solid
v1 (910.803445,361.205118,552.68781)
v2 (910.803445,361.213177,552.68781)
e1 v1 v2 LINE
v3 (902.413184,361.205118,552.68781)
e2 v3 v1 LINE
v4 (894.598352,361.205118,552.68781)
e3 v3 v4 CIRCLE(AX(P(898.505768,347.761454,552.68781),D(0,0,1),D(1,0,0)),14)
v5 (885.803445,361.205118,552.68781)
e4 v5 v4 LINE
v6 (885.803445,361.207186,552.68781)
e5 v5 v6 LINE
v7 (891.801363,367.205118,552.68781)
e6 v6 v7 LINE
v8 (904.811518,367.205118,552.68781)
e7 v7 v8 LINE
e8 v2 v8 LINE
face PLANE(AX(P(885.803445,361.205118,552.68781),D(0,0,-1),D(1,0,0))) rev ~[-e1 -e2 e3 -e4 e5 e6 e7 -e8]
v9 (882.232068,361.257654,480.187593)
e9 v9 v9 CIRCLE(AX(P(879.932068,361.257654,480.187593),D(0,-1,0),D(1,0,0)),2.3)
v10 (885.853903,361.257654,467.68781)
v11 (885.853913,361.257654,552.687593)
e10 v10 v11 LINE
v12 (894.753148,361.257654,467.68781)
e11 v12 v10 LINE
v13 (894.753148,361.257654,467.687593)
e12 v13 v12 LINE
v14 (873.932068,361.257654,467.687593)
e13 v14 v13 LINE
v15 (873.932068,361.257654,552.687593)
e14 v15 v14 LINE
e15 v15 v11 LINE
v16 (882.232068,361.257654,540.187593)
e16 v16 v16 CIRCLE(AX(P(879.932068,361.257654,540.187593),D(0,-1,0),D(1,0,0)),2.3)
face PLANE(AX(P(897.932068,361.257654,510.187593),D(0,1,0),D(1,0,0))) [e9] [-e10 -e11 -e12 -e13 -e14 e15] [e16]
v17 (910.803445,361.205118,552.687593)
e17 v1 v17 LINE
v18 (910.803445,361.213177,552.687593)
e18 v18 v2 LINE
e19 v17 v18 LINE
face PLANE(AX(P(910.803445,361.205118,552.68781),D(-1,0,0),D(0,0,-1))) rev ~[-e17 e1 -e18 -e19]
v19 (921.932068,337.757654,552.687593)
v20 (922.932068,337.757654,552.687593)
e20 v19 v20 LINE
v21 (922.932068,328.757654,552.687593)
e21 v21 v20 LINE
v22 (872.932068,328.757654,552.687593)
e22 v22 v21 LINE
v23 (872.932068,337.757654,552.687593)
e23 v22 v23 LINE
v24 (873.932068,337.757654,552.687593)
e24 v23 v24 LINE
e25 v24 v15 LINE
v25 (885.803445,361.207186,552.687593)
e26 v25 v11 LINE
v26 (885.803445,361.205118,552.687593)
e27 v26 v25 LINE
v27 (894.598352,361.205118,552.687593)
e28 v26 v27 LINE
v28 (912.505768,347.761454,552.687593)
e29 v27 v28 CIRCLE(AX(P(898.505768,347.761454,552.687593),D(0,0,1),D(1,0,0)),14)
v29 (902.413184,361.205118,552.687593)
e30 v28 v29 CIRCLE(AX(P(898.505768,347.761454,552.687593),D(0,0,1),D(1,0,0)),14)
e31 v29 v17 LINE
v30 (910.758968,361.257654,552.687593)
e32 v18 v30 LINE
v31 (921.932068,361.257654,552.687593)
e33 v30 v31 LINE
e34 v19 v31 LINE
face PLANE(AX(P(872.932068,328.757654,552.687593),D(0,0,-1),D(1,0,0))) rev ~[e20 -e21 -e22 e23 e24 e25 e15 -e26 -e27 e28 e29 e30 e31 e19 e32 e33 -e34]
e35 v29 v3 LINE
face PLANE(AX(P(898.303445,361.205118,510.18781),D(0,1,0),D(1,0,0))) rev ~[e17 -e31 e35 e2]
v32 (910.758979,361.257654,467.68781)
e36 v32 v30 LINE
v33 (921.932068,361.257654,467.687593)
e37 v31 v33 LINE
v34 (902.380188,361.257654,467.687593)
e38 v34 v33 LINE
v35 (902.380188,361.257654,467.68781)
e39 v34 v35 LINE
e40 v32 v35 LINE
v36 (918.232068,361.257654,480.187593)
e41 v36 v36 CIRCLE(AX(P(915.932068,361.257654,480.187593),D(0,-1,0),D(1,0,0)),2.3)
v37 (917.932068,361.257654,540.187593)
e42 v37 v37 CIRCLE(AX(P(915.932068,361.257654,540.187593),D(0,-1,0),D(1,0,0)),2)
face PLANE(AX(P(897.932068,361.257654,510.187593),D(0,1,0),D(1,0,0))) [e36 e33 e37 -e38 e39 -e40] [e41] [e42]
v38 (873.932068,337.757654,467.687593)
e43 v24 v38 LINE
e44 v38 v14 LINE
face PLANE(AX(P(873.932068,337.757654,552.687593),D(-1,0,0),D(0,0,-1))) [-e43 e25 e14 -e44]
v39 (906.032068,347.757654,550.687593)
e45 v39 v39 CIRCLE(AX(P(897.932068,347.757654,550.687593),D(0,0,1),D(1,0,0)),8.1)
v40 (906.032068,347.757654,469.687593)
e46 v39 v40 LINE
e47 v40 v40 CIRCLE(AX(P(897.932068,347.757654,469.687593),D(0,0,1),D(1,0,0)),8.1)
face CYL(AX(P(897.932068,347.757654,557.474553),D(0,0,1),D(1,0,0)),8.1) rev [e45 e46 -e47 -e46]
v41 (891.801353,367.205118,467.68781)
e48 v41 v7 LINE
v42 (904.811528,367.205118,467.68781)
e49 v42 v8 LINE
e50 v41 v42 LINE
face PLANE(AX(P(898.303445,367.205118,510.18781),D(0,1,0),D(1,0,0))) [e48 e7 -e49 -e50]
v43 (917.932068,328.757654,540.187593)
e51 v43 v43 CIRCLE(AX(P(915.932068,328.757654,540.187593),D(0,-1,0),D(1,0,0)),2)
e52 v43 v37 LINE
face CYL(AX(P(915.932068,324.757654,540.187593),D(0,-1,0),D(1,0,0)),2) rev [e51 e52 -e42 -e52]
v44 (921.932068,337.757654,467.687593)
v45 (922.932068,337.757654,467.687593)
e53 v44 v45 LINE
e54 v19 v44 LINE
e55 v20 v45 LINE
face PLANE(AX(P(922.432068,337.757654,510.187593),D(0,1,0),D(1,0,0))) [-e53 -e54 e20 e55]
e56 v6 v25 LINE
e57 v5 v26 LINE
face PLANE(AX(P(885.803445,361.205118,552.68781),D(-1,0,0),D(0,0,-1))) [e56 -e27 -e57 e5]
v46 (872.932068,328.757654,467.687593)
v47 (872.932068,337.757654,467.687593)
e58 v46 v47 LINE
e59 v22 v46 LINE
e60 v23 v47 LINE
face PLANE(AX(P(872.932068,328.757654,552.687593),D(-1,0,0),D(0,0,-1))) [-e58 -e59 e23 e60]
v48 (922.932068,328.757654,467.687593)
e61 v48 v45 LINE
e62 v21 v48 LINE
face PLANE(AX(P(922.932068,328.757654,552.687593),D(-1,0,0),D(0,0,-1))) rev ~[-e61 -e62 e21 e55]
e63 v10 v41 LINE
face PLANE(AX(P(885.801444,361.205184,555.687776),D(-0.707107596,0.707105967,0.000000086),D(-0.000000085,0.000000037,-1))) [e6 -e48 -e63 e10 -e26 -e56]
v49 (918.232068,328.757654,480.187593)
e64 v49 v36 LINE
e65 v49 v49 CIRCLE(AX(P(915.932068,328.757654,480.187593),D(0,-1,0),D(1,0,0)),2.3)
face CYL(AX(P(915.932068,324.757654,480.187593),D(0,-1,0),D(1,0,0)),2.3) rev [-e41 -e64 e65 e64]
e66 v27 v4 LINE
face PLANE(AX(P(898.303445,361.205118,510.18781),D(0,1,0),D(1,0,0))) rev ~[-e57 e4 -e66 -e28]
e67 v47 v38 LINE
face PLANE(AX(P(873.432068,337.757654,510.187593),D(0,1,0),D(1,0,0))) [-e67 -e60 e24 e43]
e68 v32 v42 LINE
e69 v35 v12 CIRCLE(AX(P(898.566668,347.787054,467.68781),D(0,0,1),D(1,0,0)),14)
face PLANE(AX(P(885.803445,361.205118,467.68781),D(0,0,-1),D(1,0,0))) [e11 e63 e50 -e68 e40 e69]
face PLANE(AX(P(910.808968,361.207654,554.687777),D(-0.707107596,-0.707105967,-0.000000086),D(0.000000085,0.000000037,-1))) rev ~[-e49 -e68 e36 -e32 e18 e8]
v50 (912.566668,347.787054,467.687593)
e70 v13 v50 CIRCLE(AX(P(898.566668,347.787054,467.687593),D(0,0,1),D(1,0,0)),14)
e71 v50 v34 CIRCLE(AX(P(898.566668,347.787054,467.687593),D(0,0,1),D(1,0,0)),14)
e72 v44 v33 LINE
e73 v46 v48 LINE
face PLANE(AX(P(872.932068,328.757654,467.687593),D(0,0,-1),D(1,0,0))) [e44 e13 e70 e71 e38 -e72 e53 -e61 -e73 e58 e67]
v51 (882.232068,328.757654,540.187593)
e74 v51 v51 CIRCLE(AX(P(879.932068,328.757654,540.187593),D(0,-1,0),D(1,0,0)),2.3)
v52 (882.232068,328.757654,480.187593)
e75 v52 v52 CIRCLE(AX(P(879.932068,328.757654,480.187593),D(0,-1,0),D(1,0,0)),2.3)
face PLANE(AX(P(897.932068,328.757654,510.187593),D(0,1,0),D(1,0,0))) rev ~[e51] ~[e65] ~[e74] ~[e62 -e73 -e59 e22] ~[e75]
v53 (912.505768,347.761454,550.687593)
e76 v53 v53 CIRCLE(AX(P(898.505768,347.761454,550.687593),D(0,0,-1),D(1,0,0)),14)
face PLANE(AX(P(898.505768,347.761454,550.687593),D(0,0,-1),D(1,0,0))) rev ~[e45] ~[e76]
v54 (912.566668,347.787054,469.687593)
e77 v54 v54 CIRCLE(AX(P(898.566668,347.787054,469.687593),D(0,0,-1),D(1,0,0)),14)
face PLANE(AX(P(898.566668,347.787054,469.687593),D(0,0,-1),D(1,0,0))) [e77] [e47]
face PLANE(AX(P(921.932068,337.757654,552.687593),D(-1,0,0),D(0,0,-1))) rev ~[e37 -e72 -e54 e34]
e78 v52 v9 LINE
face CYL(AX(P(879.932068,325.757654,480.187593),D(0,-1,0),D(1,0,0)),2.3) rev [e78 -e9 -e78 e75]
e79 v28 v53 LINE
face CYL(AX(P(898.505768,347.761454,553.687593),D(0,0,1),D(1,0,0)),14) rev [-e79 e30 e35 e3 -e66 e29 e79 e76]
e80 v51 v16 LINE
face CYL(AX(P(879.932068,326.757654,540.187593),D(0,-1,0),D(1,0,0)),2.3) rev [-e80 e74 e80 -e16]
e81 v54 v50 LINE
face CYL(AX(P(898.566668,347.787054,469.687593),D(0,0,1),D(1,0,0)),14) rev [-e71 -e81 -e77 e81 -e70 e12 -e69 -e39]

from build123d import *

# Parameters (mm, degrees)
CYLINDER006001_R          = 14
CYLINDER006001_DEPTH      = 3
CYLINDER006001_ROLL_ANGLE = -90
CYLINDER005001_R          = 14
CYLINDER005001_DEPTH      = 3
CYLINDER005001_ROLL_ANGLE = -90
CYLINDER004001_R          = 2.3
CYLINDER004001_DEPTH      = 40
CYLINDER003001_R          = 2
CYLINDER003001_DEPTH      = 40
CYLINDER002001_R          = 2.3
CYLINDER002001_DEPTH      = 40
CYLINDER001001_R          = 2.3
CYLINDER001001_DEPTH      = 40
BOX005001_W               = 1
BOX005001_H               = 85
BOX005001_DEPTH           = 23.5
BOX004001_W               = 1
BOX004001_H               = 85
BOX004001_DEPTH           = 23.5
BOX003001_W               = 10
BOX003001_H               = 90
BOX003001_DEPTH           = 10
BOX003001_ROLL_ANGLE      = 3e-06
BOX003001_PITCH_ANGLE     = -44.999934
BOX003001_PLACEMENT_ANGLE = -7e-06
BOX002001_W               = 10
BOX002001_H               = 90
BOX002001_DEPTH           = 10
BOX002001_ROLL_ANGLE      = 3e-06
BOX002001_PITCH_ANGLE     = 44.999934
BOX002001_PLACEMENT_ANGLE = 7e-06
BOX001001_W               = 25
BOX001001_H               = 85
BOX001001_DEPTH           = 6
CYLINDER015_R             = 8.1
CYLINDER015_DEPTH         = 100
CYLINDER015_ROLL_ANGLE    = -90
BOX012_W                  = 50
BOX012_H                  = 85
BOX012_DEPTH              = 32.5
CUT011001_ROLL_ANGLE      = -90


with BuildPart() as cylinder006001:
    # Cylinder006001 → Cylinder006001 (new body)
    with BuildSketch(Plane.XY):
        Circle(CYLINDER006001_R)
    extrude(amount=CYLINDER006001_DEPTH)


with BuildPart() as cylinder006001_1:
    # Cylinder006001 roll: moved
    add(cylinder006001.part.rotate(Axis((0, 0, 0), (1, 0, 0)), CYLINDER006001_ROLL_ANGLE))


with BuildPart() as cylinder006001_2:
    # Cylinder006001 placement: moved
    add(cylinder006001_1.part.moved(Location((25.6346, 83, 19.0294))))


with BuildPart() as cylinder005001:
    # Cylinder005001 → Cylinder005001 (new body)
    with BuildSketch(Plane.XY):
        Circle(CYLINDER005001_R)
    extrude(amount=CYLINDER005001_DEPTH)


with BuildPart() as cylinder005001_1:
    # Cylinder005001 roll: moved
    add(cylinder005001.part.rotate(Axis((0, 0, 0), (1, 0, 0)), CYLINDER005001_ROLL_ANGLE))


with BuildPart() as cylinder005001_2:
    # Cylinder005001 placement: moved
    add(cylinder005001_1.part.moved(Location((25.5737, -1, 19.0038))))


with BuildPart() as cylinder004001:
    # Cylinder004001 → Cylinder004001 (new body)
    with BuildSketch(Plane(origin=(43, 72.5, -4), x_dir=(1, 0, 0), z_dir=(0, 0, 1))):
        Circle(CYLINDER004001_R)
    extrude(amount=CYLINDER004001_DEPTH)


with BuildPart() as cylinder003001:
    # Cylinder003001 → Cylinder003001 (new body)
    with BuildSketch(Plane(origin=(43, 12.5, -4), x_dir=(1, 0, 0), z_dir=(0, 0, 1))):
        Circle(CYLINDER003001_R)
    extrude(amount=CYLINDER003001_DEPTH)


with BuildPart() as cylinder002001:
    # Cylinder002001 → Cylinder002001 (new body)
    with BuildSketch(Plane(origin=(7, 72.5, -3), x_dir=(1, 0, 0), z_dir=(0, 0, 1))):
        Circle(CYLINDER002001_R)
    extrude(amount=CYLINDER002001_DEPTH)


with BuildPart() as cylinder001001:
    # Cylinder001001 → Cylinder001001 (new body)
    with BuildSketch(Plane(origin=(7, 12.5, -2), x_dir=(1, 0, 0), z_dir=(0, 0, 1))):
        Circle(CYLINDER001001_R)
    extrude(amount=CYLINDER001001_DEPTH)


with BuildPart() as box005001:
    # Box005001 → Box005001 (new body)
    with BuildSketch(Plane(origin=(49, 0, 9), x_dir=(1, 0, 0), z_dir=(0, 0, 1))):
        with Locations((0.5, 42.5)):
            Rectangle(BOX005001_W, BOX005001_H)
    extrude(amount=BOX005001_DEPTH)


with BuildPart() as box004001:
    # Box004001 → Box004001 (new body)
    with BuildSketch(Plane.XY.offset(9)):
        with Locations((0.5, 42.5)):
            Rectangle(BOX004001_W, BOX004001_H)
    extrude(amount=BOX004001_DEPTH)


with BuildPart() as box003001:
    # Box003001 → Box003001 (new body)
    with BuildSketch(Plane.XY):
        with Locations((5, 45)):
            Rectangle(BOX003001_W, BOX003001_H)
    extrude(amount=BOX003001_DEPTH)


with BuildPart() as box003001_1:
    # Box003001 roll: moved
    add(box003001.part.rotate(Axis((0, 0, 0), (1, 0, 0)), BOX003001_ROLL_ANGLE))


with BuildPart() as box003001_2:
    # Box003001 pitch: moved
    add(box003001_1.part.rotate(Axis((0, 0, 0), (0, 1, 0)), BOX003001_PITCH_ANGLE))


with BuildPart() as box003001_3:
    # Box003001 placement: moved
    add(box003001_2.part.moved(Location((-18.82, -2, 2.25))).rotate(Axis((-18.82, -2, 2.25), (0, 0, 1)), BOX003001_PLACEMENT_ANGLE))


with BuildPart() as box002001:
    # Box002001 → Box002001 (new body)
    with BuildSketch(Plane.XY):
        with Locations((5, 45)):
            Rectangle(BOX002001_W, BOX002001_H)
    extrude(amount=BOX002001_DEPTH)


with BuildPart() as box002001_1:
    # Box002001 roll: moved
    add(box002001.part.rotate(Axis((0, 0, 0), (1, 0, 0)), BOX002001_ROLL_ANGLE))


with BuildPart() as box002001_2:
    # Box002001 pitch: moved
    add(box002001_1.part.rotate(Axis((0, 0, 0), (0, 1, 0)), BOX002001_PITCH_ANGLE))


with BuildPart() as box002001_3:
    # Box002001 placement: moved
    add(box002001_2.part.moved(Location((-50.8986, -3, 9.31859))).rotate(Axis((-50.8986, -3, 9.31859), (0, 0, 1)), BOX002001_PLACEMENT_ANGLE))


with BuildPart() as cut002001:
    # Box001001 → Box001001 (new body)
    with BuildSketch(Plane(origin=(-43.825523, -3.3e-05, 2.247464), x_dir=(1, 0, 0), z_dir=(0, 0, 1))):
        with Locations((12.5, 42.5)):
            Rectangle(BOX001001_W, BOX001001_H)
    extrude(amount=BOX001001_DEPTH)

    # Cut001001: cut Box002001
    add(box002001_3.part, mode=Mode.SUBTRACT)

    # Cut002001: cut Box003001
    add(box003001_3.part, mode=Mode.SUBTRACT)


with BuildPart() as cut002001_1:
    # Cut002001 placement: moved
    add(cut002001.part.moved(Location((56.6969, -0.000184, 30.2))))


with BuildPart() as cylinder015:
    # Cylinder015 → Cylinder015 (new body)
    with BuildSketch(Plane.XY):
        Circle(CYLINDER015_R)
    extrude(amount=CYLINDER015_DEPTH)


with BuildPart() as cylinder015_1:
    # Cylinder015 roll: moved
    add(cylinder015.part.rotate(Axis((0, 0, 0), (1, 0, 0)), CYLINDER015_ROLL_ANGLE))


with BuildPart() as cylinder015_2:
    # Cylinder015 placement: moved
    add(cylinder015_1.part.moved(Location((25, -4.78696, 19))))


with BuildPart() as cut011001:
    # Box012 → Box012 (new body)
    with BuildSketch(Plane.XY):
        with Locations((25, 42.5)):
            Rectangle(BOX012_W, BOX012_H)
    extrude(amount=BOX012_DEPTH)

    # Cut042: cut Cylinder015
    add(cylinder015_2.part, mode=Mode.SUBTRACT)

    # Fusion002: union Cut002001
    add(cut002001_1.part)

    # Cut003001: cut Box004001
    add(box004001.part, mode=Mode.SUBTRACT)

    # Cut004001: cut Box005001
    add(box005001.part, mode=Mode.SUBTRACT)

    # Cut005001: cut Cylinder001001
    add(cylinder001001.part, mode=Mode.SUBTRACT)

    # Cut006001: cut Cylinder002001
    add(cylinder002001.part, mode=Mode.SUBTRACT)

    # Cut007001: cut Cylinder003001
    add(cylinder003001.part, mode=Mode.SUBTRACT)

    # Cut008001: cut Cylinder004001
    add(cylinder004001.part, mode=Mode.SUBTRACT)

    # Cut009001: cut Cylinder005001
    add(cylinder005001_2.part, mode=Mode.SUBTRACT)

    # Cut010001: cut Cylinder005001
    add(cylinder005001_2.part, mode=Mode.SUBTRACT)

    # Cut011001: cut Cylinder006001
    add(cylinder006001_2.part, mode=Mode.SUBTRACT)


with BuildPart() as cut011001_1:
    # Cut011001 roll: moved
    add(cut011001.part.rotate(Axis((0, 0, 0), (1, 0, 0)), CUT011001_ROLL_ANGLE))


with BuildPart() as cut011001_2:
    # Cut011001 placement: moved
    add(cut011001_1.part.moved(Location((872.932068, 328.757654, 552.687593))))


solid = cut011001_2.part
